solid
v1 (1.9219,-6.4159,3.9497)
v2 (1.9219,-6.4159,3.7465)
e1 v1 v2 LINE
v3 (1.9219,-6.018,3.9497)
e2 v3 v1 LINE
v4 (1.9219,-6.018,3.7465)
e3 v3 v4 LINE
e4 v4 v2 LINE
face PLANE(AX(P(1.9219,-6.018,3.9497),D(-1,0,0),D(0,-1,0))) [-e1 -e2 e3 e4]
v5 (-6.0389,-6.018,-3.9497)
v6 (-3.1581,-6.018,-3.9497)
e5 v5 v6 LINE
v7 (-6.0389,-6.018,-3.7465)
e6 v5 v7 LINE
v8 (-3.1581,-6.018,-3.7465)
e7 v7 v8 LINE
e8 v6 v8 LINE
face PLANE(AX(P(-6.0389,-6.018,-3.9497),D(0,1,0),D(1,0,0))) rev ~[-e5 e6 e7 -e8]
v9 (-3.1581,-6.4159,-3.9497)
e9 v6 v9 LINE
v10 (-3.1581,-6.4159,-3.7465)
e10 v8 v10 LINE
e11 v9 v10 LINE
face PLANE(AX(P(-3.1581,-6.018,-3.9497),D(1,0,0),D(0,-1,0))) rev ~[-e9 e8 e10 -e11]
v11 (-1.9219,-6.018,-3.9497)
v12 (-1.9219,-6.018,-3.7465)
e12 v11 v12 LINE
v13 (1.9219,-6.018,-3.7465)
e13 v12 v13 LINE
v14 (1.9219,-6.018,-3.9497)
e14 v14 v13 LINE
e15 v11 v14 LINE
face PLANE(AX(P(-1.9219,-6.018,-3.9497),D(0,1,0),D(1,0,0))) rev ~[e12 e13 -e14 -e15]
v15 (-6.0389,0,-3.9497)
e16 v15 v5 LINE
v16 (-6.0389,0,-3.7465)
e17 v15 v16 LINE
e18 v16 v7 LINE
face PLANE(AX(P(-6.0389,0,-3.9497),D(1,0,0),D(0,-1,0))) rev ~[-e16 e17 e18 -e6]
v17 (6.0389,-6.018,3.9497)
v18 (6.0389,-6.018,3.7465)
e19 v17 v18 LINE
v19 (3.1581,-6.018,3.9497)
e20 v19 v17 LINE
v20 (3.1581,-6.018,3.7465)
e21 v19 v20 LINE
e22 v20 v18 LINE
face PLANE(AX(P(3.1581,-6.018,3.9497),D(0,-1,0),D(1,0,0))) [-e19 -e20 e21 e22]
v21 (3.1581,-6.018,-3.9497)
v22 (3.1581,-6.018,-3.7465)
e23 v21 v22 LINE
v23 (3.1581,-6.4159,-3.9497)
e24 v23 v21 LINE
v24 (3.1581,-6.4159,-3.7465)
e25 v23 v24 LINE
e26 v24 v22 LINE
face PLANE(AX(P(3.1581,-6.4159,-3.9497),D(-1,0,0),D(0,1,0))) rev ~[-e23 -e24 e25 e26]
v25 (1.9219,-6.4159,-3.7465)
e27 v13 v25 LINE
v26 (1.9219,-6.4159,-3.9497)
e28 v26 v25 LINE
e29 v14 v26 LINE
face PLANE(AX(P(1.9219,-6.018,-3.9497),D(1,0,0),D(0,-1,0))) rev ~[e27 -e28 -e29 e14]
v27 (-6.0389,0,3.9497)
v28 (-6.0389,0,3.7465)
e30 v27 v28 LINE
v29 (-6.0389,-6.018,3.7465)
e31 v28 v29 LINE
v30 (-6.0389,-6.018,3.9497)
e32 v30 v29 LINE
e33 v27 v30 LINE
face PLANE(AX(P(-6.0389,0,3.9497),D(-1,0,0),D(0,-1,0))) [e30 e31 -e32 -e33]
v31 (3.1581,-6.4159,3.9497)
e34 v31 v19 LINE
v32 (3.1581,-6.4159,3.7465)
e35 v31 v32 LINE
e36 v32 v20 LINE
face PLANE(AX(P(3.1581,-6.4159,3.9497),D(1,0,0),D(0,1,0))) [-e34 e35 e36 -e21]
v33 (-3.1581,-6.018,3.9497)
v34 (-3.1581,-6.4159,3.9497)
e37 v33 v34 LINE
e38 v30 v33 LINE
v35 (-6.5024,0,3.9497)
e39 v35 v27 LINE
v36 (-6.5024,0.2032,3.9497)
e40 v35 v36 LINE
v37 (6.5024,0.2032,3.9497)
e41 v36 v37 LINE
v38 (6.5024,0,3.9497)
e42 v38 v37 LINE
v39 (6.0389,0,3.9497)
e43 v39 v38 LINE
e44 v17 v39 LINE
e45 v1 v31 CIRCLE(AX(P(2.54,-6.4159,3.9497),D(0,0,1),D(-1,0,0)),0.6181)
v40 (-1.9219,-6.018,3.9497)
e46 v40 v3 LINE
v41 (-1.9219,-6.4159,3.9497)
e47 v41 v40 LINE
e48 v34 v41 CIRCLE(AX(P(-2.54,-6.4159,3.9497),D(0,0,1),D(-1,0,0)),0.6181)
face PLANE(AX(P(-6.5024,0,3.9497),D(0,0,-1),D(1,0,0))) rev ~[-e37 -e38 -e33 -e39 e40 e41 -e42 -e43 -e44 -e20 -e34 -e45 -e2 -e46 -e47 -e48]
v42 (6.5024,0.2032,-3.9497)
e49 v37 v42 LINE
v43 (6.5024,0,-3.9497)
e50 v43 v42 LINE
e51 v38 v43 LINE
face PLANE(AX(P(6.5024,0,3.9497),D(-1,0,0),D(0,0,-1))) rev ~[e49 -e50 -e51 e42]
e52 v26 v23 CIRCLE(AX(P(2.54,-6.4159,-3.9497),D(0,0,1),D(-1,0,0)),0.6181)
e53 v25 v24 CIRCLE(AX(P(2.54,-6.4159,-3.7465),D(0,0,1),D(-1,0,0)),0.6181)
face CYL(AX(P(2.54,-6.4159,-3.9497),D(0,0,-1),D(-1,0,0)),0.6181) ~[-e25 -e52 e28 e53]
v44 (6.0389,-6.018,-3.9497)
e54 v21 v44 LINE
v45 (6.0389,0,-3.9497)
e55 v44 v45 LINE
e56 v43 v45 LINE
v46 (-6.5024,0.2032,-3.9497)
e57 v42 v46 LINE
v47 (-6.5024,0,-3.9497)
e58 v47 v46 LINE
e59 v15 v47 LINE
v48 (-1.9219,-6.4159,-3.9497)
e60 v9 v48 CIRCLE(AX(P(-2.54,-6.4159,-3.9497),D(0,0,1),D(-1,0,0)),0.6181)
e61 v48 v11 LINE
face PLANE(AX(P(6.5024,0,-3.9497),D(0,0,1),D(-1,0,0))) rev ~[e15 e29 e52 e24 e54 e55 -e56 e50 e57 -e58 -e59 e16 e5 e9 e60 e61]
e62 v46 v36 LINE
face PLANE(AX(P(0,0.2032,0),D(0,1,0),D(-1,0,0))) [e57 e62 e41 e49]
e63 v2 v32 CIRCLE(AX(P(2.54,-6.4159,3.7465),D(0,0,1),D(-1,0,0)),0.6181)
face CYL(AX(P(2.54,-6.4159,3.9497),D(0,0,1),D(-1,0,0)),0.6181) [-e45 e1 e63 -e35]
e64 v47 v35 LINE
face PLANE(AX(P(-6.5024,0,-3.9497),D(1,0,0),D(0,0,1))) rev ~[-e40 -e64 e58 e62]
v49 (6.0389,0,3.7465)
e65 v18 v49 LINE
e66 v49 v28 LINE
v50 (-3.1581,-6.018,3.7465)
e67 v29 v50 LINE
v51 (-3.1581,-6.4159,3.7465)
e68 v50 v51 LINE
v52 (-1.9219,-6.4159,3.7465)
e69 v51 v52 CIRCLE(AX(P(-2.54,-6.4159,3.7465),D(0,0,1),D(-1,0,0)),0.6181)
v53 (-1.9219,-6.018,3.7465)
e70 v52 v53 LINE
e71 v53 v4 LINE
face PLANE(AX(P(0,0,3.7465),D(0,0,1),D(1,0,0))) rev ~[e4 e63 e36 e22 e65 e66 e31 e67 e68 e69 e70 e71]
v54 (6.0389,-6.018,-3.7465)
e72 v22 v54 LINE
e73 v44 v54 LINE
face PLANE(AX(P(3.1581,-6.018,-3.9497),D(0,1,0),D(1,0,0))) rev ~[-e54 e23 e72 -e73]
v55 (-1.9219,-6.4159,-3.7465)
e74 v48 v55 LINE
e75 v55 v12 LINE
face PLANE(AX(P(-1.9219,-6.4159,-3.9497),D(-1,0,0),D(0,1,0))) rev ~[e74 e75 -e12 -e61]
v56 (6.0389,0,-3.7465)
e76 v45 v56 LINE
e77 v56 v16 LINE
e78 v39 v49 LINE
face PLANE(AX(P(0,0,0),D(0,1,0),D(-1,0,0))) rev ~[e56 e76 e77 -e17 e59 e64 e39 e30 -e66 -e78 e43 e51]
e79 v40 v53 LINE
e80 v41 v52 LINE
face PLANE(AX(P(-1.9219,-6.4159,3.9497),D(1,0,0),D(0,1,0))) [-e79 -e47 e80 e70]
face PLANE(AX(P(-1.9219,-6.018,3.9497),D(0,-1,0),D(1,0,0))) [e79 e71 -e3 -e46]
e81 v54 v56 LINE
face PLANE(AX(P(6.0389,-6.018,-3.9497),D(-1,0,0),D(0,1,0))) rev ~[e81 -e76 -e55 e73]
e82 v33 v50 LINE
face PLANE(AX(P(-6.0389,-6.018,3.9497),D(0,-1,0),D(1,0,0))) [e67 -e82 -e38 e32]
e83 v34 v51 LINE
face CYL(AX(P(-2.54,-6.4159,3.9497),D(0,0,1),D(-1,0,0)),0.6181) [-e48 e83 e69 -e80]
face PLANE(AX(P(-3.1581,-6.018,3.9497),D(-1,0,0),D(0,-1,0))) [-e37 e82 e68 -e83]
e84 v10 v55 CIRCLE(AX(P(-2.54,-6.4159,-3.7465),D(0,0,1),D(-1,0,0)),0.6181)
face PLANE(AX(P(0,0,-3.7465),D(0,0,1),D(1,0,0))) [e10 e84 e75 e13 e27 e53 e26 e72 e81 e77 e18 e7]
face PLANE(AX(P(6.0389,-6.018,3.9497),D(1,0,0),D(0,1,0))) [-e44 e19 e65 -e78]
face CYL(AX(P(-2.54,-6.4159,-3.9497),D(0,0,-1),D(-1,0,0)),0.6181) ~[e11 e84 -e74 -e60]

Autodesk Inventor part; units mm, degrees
sketch "Sketch_1" plane through (0, 0, 0) normal (0, 1, 0) x (-1, 0, 0)
  line L0 (6.5024, 3.9497) -> (-6.5024, 3.9497)
  line L1 (-6.5024, 3.9497) -> (-6.5024, -3.9497)
  line L2 (-6.5024, -3.9497) -> (6.5024, -3.9497)
  line L3 (6.5024, -3.9497) -> (6.5024, 3.9497)
extrude "Extrusion1" add sketch "Sketch_1" along normal blind 0.2032
sketch "Sketch_2" plane through (0, 0, -3.9497) normal (0, 0, 1) x (1, 0, 0)
  line L0 (-6.0389, -6.018) -> (-3.1581, -6.018)
  line L1 (-3.1581, -6.018) -> (-3.1581, -6.4159)
  arc A0 (-3.1581, -6.4159) -> (-1.9219, -6.4159) centre (-2.54, -6.4159) ccw
  line L2 (-1.9219, -6.4159) -> (-1.9219, -6.018)
  line L3 (-1.9219, -6.018) -> (1.9219, -6.018)
  line L4 (1.9219, -6.018) -> (1.9219, -6.4159)
  arc A1 (1.9219, -6.4159) -> (3.1581, -6.4159) centre (2.54, -6.4159) ccw
  line L5 (3.1581, -6.4159) -> (3.1581, -6.018)
  line L6 (3.1581, -6.018) -> (6.0389, -6.018)
  line L7 (6.0389, -6.018) -> (6.0389, 0)
  line L8 (6.0389, 0) -> (-6.0389, 0)
  line L9 (-6.0389, 0) -> (-6.0389, -6.018)
extrude "Extrusion2" add sketch "Sketch_2" along normal blind 0.2032
sketch "Sketch_3" plane through (0, 0, 3.9497) normal (0, 0, 1) x (1, 0, 0)
  line L0 (-6.0389, -6.018) -> (-3.1581, -6.018)
  line L1 (-3.1581, -6.018) -> (-3.1581, -6.4159)
  arc A0 (-3.1581, -6.4159) -> (-1.9219, -6.4159) centre (-2.54, -6.4159) ccw
  line L2 (-1.9219, -6.4159) -> (-1.9219, -6.018)
  line L3 (-1.9219, -6.018) -> (1.9219, -6.018)
  line L4 (1.9219, -6.018) -> (1.9219, -6.4159)
  arc A1 (1.9219, -6.4159) -> (3.1581, -6.4159) centre (2.54, -6.4159) ccw
  line L5 (3.1581, -6.4159) -> (3.1581, -6.018)
  line L6 (3.1581, -6.018) -> (6.0389, -6.018)
  line L7 (6.0389, -6.018) -> (6.0389, 0)
  line L8 (6.0389, 0) -> (-6.0389, 0)
  line L9 (-6.0389, 0) -> (-6.0389, -6.018)
extrude "Extrusion3" add sketch "Sketch_3" against normal blind 0.2032
ref_plane "shroud_to_body_XY" through (0, 0, 0) normal (0, 1, 0) x (1, 0, 0)
ref_plane "shroud_to_body_YZ" through (0, 0, 0) normal (1, 0, 0) x (0, 0, -1)
ref_plane "shroud_to_body_ZX" through (0, 0, 0) normal (0, 0, -1) x (0, 1, 0)
properties part number "M20_ang_t_shorud1230TX-switch"
